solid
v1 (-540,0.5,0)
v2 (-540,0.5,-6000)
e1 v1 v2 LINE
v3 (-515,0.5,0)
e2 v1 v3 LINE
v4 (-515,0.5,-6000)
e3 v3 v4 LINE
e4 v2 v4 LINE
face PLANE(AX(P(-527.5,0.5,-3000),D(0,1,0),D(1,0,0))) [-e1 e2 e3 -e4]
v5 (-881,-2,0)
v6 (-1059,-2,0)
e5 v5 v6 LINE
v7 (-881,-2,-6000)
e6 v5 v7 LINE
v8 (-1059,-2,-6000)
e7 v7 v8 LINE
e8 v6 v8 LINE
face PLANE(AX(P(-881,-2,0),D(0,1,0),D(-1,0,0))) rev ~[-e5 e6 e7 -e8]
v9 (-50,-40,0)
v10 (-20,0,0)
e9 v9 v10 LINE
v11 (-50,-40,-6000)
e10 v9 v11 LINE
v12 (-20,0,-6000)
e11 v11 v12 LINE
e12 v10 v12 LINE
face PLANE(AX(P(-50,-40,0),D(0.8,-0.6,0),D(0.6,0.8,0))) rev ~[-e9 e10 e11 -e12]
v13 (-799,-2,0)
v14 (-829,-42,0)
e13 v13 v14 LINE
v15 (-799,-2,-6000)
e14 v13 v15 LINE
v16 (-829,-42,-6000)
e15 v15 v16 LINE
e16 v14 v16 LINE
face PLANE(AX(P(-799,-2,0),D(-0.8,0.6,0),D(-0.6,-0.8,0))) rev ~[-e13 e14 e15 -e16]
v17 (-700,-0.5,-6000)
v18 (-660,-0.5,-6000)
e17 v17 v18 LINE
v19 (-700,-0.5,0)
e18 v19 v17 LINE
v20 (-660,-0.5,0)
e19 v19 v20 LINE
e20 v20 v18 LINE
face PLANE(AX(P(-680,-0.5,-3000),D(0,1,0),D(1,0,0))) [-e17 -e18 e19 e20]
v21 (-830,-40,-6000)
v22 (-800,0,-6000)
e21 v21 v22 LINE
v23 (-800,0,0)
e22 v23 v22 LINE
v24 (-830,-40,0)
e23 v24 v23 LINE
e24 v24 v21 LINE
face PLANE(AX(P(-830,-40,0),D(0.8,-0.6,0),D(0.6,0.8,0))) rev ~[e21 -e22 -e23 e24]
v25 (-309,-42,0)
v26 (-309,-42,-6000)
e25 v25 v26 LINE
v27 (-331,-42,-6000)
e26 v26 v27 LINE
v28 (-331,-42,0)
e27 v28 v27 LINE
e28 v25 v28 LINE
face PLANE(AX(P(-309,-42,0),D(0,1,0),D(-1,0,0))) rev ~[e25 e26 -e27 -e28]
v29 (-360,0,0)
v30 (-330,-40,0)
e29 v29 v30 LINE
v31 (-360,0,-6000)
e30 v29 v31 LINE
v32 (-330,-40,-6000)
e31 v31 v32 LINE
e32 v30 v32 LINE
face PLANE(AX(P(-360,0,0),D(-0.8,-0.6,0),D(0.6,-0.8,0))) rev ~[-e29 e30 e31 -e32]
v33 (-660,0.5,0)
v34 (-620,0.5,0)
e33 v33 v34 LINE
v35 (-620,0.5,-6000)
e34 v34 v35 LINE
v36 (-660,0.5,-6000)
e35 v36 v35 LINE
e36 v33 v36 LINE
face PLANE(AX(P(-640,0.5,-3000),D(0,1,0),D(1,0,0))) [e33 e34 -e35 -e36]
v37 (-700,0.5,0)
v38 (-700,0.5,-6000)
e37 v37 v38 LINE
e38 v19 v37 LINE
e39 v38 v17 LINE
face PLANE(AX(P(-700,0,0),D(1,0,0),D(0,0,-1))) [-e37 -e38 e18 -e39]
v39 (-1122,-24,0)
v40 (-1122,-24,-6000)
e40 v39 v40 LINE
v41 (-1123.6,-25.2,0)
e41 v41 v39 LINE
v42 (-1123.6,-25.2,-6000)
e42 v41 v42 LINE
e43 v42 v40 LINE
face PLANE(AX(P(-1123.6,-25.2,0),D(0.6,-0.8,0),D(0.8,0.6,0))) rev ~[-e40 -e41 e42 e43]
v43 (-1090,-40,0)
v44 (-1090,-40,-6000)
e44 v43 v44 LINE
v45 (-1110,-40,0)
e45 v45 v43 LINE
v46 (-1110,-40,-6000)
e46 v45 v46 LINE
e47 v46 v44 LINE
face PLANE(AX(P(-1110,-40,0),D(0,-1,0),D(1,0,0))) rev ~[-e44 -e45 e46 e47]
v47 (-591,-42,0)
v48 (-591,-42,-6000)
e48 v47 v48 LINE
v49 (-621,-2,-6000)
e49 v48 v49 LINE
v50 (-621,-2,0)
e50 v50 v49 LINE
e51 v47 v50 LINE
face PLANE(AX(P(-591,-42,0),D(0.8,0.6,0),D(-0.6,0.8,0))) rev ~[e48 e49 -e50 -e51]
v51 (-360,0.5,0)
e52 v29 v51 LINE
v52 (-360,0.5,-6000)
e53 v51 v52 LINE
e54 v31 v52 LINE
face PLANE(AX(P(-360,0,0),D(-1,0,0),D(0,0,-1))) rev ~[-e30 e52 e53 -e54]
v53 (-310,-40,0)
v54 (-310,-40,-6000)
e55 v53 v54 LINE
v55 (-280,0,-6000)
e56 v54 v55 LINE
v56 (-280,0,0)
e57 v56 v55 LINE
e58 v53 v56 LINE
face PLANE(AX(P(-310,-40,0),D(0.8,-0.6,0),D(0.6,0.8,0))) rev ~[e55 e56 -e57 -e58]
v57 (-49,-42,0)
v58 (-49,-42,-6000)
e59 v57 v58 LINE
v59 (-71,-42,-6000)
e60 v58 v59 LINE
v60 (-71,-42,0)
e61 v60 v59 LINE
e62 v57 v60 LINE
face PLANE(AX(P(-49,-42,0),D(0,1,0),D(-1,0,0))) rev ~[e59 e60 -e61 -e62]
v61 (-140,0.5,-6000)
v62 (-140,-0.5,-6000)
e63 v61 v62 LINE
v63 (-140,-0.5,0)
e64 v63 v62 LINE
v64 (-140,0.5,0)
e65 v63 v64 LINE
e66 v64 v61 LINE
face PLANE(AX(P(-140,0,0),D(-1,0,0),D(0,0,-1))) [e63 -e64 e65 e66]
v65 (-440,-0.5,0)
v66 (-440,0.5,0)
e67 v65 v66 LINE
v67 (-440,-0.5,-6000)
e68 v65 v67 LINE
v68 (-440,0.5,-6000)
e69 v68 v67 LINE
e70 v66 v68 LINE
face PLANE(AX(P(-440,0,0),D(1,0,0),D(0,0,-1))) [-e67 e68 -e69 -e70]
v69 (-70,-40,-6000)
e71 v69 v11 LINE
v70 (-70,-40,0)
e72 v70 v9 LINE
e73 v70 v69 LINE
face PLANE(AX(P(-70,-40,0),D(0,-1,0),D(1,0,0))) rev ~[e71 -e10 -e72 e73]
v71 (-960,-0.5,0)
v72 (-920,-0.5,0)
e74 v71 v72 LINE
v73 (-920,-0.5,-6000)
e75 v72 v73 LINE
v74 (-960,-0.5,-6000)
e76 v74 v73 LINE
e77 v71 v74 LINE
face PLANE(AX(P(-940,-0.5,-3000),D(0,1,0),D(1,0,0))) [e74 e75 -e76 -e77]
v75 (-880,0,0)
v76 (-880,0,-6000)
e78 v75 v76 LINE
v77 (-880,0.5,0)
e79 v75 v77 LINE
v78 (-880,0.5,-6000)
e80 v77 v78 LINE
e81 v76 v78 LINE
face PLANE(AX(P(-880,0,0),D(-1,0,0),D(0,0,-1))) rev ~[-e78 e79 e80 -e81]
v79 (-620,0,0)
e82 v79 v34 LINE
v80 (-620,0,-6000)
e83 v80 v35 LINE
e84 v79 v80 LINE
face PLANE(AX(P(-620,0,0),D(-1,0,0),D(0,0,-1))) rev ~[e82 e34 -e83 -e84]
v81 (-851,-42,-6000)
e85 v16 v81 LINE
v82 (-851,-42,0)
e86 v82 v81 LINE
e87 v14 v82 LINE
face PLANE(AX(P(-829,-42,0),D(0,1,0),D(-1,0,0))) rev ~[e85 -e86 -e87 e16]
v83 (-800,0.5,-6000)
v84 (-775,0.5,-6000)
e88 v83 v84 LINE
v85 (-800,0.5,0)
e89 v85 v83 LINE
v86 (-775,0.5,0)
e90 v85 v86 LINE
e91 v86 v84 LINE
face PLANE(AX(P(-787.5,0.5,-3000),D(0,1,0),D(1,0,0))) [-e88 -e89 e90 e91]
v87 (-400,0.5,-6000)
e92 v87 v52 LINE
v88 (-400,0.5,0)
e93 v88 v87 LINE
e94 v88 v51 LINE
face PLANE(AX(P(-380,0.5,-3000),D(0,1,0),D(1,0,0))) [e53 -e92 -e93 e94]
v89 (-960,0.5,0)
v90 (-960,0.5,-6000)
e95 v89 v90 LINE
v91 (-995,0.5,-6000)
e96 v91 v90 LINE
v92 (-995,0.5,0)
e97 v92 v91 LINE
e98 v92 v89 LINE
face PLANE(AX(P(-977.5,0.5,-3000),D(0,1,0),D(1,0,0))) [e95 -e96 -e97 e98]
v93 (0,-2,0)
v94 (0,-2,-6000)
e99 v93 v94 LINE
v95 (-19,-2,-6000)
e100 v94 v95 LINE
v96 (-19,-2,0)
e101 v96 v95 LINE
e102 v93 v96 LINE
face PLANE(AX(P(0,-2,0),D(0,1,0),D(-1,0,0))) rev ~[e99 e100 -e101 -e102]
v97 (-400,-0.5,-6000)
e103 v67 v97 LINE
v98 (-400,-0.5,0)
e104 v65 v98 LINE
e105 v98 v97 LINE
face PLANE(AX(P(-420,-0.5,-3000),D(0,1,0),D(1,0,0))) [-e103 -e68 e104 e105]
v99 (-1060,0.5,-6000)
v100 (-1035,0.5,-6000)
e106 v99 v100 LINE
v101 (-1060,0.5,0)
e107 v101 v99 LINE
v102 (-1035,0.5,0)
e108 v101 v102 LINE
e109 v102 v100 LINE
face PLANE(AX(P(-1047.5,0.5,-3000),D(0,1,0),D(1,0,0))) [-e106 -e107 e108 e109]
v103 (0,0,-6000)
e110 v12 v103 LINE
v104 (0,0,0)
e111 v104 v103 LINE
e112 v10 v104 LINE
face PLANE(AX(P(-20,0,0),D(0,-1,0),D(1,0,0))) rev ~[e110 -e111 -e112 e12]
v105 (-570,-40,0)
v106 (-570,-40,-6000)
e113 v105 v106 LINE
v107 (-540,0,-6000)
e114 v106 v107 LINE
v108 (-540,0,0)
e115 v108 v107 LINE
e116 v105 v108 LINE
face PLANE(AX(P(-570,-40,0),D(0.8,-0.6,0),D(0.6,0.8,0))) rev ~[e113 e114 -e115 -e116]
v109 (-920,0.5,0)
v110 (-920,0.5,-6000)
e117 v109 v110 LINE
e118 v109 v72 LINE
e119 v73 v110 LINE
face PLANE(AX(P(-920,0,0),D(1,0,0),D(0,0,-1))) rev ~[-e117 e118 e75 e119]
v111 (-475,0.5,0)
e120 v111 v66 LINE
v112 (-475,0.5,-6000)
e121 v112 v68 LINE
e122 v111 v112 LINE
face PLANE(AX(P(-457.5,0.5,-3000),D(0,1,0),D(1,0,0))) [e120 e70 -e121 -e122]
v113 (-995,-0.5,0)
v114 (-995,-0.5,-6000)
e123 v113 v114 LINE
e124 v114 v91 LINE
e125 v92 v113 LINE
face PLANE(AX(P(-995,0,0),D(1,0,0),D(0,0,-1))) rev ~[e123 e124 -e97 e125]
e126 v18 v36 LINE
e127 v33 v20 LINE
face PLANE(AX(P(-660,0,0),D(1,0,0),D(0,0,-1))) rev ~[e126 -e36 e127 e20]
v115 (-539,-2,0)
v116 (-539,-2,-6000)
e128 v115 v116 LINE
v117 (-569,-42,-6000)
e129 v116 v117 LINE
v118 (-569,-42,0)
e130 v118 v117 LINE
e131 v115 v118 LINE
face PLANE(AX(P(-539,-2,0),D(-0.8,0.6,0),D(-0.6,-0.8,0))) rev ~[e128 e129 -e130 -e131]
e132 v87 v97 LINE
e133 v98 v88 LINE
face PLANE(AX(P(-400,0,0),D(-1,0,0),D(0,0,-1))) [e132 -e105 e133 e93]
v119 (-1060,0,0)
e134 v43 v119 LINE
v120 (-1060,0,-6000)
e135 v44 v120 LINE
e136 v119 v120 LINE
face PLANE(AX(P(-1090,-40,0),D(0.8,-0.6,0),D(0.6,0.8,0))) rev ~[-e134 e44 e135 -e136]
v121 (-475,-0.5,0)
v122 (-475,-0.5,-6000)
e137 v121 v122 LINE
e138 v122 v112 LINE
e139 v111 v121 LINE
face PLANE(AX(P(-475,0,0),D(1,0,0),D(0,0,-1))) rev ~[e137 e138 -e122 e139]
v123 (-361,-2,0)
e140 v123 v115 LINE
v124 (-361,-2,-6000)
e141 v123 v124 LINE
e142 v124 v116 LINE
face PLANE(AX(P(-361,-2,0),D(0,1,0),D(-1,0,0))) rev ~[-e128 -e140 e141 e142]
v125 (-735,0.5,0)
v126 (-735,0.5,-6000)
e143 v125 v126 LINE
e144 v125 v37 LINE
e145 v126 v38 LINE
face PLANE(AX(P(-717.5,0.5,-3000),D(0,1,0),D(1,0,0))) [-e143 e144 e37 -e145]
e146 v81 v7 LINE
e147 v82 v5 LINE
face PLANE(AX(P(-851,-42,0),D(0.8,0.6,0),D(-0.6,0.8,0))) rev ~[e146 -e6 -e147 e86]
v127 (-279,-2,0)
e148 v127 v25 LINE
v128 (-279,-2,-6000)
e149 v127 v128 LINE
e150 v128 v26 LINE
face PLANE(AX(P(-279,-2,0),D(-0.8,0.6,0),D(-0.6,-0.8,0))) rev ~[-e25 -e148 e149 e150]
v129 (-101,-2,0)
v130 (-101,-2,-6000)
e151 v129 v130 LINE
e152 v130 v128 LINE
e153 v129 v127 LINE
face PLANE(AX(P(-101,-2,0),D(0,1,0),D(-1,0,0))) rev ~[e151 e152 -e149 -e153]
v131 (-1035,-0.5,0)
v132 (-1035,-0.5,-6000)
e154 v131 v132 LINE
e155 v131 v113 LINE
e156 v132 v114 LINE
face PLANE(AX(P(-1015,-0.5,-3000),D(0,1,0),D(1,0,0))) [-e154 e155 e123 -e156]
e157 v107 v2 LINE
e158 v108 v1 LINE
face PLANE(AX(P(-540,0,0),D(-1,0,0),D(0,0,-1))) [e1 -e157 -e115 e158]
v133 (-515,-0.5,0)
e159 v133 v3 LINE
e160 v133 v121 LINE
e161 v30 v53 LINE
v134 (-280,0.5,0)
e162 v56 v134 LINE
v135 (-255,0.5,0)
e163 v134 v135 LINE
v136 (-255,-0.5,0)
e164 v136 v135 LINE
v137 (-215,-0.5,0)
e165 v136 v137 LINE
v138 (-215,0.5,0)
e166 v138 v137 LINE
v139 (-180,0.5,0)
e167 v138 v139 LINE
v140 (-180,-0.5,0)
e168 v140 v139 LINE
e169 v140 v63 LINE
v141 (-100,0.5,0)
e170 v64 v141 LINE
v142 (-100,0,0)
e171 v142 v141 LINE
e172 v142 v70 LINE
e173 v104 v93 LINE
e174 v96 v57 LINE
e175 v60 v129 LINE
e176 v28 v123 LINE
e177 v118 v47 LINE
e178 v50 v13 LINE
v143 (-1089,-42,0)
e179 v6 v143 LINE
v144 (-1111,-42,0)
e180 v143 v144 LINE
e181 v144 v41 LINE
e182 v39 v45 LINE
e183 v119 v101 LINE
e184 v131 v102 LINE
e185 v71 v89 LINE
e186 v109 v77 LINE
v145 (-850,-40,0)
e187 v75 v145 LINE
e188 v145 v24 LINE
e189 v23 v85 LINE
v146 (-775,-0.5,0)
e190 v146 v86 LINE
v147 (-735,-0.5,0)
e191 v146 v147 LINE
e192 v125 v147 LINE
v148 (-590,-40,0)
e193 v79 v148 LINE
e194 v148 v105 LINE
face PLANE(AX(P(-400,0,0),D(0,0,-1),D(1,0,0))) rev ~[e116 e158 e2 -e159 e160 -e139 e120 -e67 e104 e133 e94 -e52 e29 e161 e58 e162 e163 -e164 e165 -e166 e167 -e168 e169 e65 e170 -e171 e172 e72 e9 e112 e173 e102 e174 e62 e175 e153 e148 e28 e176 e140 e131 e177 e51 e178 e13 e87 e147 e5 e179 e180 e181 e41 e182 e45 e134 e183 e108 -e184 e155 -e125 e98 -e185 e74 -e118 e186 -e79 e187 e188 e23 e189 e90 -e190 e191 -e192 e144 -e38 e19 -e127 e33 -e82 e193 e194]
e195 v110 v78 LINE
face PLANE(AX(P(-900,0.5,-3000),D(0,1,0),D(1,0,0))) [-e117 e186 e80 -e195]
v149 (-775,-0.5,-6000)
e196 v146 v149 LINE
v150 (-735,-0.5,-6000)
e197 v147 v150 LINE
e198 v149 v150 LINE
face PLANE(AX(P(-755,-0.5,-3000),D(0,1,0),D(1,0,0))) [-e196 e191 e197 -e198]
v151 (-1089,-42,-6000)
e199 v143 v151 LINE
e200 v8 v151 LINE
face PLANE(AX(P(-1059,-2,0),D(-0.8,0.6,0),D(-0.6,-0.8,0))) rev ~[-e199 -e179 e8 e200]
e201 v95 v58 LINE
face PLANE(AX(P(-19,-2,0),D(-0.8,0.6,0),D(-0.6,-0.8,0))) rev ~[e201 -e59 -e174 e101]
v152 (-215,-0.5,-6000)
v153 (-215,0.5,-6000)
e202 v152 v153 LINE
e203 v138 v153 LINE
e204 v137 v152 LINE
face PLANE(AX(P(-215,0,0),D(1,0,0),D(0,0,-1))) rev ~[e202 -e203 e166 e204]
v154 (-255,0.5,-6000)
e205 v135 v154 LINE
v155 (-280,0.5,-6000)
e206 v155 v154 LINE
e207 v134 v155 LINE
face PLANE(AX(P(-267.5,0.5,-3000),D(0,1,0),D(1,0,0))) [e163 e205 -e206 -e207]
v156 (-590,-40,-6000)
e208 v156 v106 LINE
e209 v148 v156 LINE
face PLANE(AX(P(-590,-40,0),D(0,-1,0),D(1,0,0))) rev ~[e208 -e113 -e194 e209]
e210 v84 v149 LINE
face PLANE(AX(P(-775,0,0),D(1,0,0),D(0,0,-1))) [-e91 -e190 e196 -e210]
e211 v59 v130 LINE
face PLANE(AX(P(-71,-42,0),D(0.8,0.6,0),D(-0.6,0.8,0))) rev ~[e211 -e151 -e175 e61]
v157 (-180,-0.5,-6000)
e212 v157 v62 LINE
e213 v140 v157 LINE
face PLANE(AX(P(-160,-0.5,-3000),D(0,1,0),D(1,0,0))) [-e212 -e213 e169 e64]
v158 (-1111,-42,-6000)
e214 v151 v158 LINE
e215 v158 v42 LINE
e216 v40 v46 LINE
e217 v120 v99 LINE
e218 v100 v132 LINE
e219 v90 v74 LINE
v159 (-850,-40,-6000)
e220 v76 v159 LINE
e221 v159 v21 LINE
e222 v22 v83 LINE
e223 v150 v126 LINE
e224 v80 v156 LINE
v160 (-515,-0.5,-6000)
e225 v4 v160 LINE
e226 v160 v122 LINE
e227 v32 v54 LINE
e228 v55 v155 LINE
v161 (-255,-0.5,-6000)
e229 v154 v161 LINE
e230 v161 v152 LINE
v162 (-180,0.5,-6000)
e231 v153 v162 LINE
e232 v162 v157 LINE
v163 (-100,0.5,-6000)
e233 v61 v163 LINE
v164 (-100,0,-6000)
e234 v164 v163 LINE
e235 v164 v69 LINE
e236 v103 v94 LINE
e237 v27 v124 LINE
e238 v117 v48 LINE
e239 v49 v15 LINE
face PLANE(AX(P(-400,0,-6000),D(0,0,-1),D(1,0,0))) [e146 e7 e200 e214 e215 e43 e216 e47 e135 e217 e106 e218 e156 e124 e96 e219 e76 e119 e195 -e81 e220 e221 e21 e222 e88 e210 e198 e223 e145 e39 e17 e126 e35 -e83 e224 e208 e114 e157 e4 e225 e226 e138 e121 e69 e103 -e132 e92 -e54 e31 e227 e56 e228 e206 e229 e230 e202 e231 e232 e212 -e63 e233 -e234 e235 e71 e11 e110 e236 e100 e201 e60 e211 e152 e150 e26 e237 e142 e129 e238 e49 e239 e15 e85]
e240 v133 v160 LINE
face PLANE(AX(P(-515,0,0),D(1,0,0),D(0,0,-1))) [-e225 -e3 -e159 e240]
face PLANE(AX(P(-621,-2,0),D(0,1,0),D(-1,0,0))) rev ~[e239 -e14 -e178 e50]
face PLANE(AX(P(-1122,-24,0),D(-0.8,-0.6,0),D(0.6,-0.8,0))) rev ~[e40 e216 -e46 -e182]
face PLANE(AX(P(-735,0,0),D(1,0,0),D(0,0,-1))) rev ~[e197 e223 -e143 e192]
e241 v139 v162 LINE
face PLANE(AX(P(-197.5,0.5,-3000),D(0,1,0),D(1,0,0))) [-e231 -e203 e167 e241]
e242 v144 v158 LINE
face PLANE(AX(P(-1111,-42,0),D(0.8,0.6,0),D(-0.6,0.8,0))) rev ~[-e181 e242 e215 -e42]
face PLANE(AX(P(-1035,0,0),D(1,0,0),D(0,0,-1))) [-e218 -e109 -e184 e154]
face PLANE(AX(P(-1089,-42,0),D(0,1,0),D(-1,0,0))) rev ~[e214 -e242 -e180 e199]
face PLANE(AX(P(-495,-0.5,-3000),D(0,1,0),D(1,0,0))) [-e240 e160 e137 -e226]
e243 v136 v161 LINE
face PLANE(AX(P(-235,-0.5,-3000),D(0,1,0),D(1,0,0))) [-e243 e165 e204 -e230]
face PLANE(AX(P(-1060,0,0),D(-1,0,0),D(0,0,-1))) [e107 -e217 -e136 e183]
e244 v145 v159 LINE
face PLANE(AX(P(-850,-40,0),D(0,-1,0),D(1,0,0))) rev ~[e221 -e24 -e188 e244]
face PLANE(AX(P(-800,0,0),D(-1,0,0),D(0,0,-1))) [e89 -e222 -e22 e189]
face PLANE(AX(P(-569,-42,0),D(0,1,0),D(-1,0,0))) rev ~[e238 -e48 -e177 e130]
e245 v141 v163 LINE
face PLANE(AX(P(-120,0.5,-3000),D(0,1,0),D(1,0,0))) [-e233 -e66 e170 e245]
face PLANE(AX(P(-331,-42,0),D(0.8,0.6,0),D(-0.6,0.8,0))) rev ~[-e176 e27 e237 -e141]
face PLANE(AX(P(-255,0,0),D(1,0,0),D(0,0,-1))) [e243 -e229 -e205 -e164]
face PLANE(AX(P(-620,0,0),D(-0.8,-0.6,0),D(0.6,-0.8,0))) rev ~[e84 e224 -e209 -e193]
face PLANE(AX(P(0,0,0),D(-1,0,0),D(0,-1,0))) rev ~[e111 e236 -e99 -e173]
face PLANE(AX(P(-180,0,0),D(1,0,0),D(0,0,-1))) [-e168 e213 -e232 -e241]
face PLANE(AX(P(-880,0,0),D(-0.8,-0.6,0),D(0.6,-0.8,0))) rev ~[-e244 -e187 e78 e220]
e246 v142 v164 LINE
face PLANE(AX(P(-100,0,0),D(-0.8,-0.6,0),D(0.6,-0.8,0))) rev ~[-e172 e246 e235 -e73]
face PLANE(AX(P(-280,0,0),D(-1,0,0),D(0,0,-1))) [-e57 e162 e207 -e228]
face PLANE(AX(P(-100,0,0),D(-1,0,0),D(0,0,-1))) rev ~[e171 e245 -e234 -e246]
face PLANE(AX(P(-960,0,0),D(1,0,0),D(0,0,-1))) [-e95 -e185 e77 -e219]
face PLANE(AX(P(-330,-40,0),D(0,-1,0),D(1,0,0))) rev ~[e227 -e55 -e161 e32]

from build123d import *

# Parameters (mm, degrees)
BOSS_EXTRUDE1_DEPTH = 6000
SKETCH2_W           = 40
SKETCH2_H           = 6000
CUT_EXTRUDE1_DEPTH  = 0.5
SKETCH2_9_W         = 40
SKETCH2_9_H         = 6000
SKETCH2_9_W_2       = 35
SKETCH2_9_W_3       = 25
BOSS_EXTRUDE3_DEPTH = 0.5
LPATTERN1_COUNT     = 4
LPATTERN1_PITCH     = 260


with BuildPart() as part:
    # Sketch1 → Boss-Extrude1 (new body)
    with BuildSketch(Plane.XY):
        Polygon((-20, 0), (0, 0), (0, -2), (-19, -2), (-49, -42), (-71, -42), (-101, -2), (-279, -2), (-309, -42), (-331, -42), (-361, -2), (-539, -2), (-569, -42), (-591, -42), (-621, -2), (-799, -2), (-829, -42), (-851, -42), (-881, -2), (-1059, -2), (-1089, -42), (-1111, -42), (-1123.6, -25.2), (-1122, -24), (-1110, -40), (-1090, -40), (-1060, 0), (-880, 0), (-850, -40), (-830, -40), (-800, 0), (-620, 0), (-590, -40), (-570, -40), (-540, 0), (-360, 0), (-330, -40), (-310, -40), (-280, 0), (-100, 0), (-70, -40), (-50, -40), align=None)
    extrude(amount=-BOSS_EXTRUDE1_DEPTH)

    # Sketch2 → Cut-Extrude1 (cut)
    with BuildSketch(Plane(origin=(0, 0, 0), x_dir=(1, 0, 0), z_dir=(0, 1, 0))):
        with Locations((-160, 3000)):
            Rectangle(SKETCH2_W, SKETCH2_H)
        with Locations((-235, 3000)):
            Rectangle(SKETCH2_W, SKETCH2_H)
    cut_extrude1 = extrude(amount=-CUT_EXTRUDE1_DEPTH, mode=Mode.SUBTRACT)

    # Sketch2<9> → Boss-Extrude3 (add)
    with BuildSketch(Plane(origin=(0, 0, 0), x_dir=(1, 0, 0), z_dir=(0, 1, 0))):
        with Locations((-120, 3000)):
            Rectangle(SKETCH2_9_W, SKETCH2_9_H)
        with Locations((-197.5, 3000)):
            Rectangle(SKETCH2_9_W_2, SKETCH2_9_H)
        with Locations((-267.5, 3000)):
            Rectangle(SKETCH2_9_W_3, SKETCH2_9_H)
    boss_extrude3 = extrude(amount=BOSS_EXTRUDE3_DEPTH)

    # LPattern1: Cut-Extrude1, Boss-Extrude3 ×4
    with Locations(*[(-i * LPATTERN1_PITCH, 0, 0) for i in range(1, LPATTERN1_COUNT)]):
        add(cut_extrude1, mode=Mode.SUBTRACT)
        add(boss_extrude3)


solid = part.part
